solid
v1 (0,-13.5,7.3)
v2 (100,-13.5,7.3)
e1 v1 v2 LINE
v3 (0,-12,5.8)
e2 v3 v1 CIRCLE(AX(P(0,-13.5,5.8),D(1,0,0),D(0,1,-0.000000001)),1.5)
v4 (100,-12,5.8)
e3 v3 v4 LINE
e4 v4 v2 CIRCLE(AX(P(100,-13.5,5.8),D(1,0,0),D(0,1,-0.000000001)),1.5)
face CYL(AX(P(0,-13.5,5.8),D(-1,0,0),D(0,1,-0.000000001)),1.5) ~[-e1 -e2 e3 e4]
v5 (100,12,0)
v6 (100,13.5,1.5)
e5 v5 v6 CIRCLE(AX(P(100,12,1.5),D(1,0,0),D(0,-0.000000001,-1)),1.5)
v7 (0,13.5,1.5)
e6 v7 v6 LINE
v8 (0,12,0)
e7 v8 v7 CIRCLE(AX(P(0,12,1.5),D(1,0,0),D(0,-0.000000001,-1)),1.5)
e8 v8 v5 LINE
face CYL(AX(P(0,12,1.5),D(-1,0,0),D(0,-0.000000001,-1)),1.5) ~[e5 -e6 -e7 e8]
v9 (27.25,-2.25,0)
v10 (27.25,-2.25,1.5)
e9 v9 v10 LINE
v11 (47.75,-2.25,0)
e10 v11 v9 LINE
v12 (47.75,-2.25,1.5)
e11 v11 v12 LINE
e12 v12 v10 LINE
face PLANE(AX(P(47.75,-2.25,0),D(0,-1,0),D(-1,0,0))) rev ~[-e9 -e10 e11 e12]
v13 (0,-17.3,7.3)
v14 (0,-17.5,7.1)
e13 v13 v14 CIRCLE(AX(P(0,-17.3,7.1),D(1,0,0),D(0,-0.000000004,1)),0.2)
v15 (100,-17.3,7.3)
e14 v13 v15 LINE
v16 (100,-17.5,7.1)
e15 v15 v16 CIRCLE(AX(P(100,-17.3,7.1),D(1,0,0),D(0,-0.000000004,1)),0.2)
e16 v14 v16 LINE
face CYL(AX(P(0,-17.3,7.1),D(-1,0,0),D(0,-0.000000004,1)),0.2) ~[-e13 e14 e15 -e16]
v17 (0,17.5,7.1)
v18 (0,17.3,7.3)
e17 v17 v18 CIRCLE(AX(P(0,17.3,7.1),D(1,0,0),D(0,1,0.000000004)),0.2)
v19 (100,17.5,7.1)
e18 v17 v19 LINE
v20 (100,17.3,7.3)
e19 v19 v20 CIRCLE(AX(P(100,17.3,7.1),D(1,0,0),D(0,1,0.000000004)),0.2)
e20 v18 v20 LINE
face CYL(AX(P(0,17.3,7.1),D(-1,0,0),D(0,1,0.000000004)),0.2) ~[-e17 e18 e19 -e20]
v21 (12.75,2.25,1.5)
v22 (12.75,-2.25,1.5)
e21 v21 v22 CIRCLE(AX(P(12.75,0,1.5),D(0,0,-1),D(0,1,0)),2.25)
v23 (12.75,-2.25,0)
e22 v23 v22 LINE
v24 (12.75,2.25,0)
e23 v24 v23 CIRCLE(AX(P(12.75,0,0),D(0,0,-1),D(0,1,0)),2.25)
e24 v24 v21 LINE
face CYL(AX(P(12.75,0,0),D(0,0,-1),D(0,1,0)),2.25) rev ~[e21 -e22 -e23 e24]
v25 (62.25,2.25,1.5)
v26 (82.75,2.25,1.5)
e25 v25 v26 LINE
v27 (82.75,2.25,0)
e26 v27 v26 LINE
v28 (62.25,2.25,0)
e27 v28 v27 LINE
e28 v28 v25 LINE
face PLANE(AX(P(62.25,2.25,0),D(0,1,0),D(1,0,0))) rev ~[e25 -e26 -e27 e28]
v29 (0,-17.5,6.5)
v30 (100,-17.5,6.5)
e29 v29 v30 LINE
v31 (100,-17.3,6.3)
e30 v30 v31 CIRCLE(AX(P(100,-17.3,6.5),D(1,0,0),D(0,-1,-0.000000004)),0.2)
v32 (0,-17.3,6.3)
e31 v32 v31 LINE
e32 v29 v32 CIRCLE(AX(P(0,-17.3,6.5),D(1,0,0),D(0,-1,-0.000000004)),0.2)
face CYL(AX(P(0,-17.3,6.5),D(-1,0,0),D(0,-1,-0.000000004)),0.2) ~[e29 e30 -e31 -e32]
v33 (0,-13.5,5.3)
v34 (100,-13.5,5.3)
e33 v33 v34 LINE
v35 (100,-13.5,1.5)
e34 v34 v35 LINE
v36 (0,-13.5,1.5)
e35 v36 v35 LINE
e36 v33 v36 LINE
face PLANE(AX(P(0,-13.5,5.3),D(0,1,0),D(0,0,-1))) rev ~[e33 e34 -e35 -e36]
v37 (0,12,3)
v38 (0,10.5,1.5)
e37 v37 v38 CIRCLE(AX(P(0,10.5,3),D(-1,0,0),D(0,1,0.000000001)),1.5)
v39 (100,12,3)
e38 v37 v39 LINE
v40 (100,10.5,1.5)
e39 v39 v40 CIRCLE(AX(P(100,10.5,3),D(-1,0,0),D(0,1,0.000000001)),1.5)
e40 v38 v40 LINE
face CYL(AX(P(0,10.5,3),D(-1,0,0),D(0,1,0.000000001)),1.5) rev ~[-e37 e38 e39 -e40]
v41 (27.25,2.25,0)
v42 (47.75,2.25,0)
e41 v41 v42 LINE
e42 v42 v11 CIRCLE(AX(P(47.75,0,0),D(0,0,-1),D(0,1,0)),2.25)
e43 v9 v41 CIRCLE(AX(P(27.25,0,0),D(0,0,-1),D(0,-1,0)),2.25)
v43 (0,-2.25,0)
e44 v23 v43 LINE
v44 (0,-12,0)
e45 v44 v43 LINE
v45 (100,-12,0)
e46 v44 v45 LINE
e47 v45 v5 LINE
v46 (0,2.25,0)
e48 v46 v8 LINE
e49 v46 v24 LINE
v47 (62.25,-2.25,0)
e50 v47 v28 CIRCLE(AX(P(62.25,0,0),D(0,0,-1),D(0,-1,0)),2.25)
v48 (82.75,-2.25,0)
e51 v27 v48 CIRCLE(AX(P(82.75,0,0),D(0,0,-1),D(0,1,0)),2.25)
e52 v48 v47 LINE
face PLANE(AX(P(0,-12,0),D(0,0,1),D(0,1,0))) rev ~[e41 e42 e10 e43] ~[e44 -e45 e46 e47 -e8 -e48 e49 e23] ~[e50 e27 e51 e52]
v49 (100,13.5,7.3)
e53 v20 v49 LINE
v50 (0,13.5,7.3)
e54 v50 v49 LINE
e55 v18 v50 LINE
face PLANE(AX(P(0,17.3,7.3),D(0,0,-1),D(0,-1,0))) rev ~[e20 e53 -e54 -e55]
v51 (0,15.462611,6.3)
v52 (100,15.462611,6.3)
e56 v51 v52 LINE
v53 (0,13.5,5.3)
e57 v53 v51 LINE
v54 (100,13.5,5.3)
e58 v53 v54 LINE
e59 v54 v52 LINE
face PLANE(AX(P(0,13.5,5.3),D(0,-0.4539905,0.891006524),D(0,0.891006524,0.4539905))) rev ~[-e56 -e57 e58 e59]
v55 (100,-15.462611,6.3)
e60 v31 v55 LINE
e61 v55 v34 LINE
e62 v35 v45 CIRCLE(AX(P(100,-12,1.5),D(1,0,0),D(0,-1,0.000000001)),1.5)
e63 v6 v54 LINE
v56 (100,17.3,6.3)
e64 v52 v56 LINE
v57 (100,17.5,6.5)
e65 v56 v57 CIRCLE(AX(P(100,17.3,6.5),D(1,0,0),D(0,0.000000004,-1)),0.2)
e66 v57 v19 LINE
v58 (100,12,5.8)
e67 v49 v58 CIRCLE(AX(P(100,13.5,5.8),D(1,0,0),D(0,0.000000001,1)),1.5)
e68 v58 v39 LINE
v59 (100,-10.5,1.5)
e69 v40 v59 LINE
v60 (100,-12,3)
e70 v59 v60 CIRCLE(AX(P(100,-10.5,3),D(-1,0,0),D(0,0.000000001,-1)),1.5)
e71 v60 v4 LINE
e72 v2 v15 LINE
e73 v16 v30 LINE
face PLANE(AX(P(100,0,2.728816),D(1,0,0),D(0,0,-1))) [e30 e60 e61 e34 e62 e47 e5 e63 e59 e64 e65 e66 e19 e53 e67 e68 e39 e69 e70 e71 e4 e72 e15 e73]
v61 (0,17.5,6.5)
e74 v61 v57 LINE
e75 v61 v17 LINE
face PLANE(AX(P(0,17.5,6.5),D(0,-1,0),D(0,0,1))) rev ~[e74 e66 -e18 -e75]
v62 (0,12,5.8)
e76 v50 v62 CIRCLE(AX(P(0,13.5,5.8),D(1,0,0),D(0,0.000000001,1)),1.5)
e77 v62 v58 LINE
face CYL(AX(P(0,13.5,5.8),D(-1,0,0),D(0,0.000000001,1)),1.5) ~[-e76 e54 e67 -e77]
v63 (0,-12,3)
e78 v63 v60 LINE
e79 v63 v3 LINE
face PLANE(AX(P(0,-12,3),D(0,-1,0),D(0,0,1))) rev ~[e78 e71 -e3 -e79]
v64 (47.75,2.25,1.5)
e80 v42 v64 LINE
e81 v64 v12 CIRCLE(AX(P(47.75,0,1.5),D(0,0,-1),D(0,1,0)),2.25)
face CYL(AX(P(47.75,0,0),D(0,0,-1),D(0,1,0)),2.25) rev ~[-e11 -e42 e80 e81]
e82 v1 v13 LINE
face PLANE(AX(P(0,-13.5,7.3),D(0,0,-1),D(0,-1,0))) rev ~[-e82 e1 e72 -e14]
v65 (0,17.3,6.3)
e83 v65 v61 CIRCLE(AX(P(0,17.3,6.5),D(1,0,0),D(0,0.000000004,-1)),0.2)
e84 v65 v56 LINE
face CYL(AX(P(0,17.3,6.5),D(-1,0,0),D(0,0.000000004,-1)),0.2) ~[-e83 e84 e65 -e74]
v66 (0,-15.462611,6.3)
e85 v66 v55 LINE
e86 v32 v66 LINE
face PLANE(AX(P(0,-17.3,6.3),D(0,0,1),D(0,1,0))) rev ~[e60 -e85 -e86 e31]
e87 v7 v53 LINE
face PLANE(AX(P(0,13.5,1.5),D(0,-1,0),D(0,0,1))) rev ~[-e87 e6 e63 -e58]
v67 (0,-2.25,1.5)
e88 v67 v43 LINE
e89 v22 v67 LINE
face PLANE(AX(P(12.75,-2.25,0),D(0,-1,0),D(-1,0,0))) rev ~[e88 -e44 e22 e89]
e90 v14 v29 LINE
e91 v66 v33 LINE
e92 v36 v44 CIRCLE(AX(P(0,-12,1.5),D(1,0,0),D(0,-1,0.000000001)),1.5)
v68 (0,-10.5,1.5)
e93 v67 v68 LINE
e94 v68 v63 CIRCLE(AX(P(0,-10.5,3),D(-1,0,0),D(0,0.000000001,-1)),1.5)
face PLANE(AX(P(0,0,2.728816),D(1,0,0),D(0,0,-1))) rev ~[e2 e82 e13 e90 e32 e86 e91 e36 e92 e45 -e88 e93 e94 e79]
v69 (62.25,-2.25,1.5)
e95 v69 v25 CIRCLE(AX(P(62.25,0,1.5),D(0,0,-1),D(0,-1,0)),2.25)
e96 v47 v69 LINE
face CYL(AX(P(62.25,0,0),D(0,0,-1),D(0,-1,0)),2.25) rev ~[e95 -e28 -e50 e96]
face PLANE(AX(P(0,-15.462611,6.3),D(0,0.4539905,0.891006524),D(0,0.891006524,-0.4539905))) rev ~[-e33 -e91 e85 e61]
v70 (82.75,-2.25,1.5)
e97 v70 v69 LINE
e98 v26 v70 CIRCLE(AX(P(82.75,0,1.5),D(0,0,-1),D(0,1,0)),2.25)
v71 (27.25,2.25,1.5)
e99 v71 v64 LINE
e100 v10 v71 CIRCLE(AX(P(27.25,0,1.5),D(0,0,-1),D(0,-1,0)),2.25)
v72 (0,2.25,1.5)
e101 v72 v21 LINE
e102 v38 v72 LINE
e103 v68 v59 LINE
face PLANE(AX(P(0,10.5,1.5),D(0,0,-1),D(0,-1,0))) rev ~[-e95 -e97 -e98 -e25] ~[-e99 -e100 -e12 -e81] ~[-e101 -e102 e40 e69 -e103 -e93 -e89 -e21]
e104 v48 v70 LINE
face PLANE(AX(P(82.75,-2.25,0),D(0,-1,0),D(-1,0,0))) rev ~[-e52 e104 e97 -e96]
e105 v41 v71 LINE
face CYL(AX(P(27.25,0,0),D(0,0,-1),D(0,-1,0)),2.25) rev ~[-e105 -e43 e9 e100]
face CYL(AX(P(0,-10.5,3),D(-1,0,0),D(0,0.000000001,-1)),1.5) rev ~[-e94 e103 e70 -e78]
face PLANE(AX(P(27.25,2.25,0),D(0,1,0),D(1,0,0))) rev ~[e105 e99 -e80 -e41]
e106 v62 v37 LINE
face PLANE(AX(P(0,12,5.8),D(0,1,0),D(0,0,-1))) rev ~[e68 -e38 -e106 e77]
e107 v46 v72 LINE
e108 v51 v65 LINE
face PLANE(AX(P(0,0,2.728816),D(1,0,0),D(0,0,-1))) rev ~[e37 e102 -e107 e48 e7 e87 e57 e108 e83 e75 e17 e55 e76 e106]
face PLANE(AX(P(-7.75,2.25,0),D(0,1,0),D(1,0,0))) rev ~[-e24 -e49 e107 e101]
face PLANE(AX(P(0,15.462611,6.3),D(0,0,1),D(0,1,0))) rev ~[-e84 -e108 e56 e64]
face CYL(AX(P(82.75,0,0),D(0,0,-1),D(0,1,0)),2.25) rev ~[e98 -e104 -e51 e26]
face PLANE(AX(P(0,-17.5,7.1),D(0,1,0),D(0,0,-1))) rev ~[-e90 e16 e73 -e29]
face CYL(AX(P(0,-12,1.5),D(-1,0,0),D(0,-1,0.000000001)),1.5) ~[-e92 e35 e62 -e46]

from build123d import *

# Parameters (mm, degrees)
BOSS_EXTRUDE1_DEPTH = 100
CUT_EXTRUDE1_DEPTH  = 102.78182549
LPATTERN1_COUNT     = 3
LPATTERN1_PITCH     = 35


with BuildPart() as part:
    # Sketch1 → Boss-Extrude1 (new body)
    with BuildSketch(Plane(origin=(0, 0, 0), x_dir=(0, 0, -1), z_dir=(1, 0, 0))):
        with BuildLine():
            Line((-6.5, 17.5), (-7.1, 17.5))
            ThreePointArc((-7.1, 17.5), (-7.241421356, 17.441421356), (-7.3, 17.3))
            Line((-7.3, 17.3), (-7.3, 13.5))
            ThreePointArc((-7.3, 13.5), (-6.860660172, 12.439339828), (-5.8, 12))
            Line((-5.8, 12), (-3, 12))
            ThreePointArc((-3, 12), (-1.939339828, 11.560660172), (-1.5, 10.5))
            Line((-1.5, 10.5), (-1.5, -10.5))
            ThreePointArc((-1.5, -10.5), (-1.939339828, -11.560660172), (-3, -12))
            Line((-3, -12), (-5.8, -12))
            ThreePointArc((-5.8, -12), (-6.860660172, -12.439339828), (-7.3, -13.5))
            Line((-7.3, -13.5), (-7.3, -17.3))
            ThreePointArc((-7.3, -17.3), (-7.241421356, -17.441421356), (-7.1, -17.5))
            Line((-7.1, -17.5), (-6.5, -17.5))
            ThreePointArc((-6.5, -17.5), (-6.358578644, -17.441421356), (-6.3, -17.3))
            Line((-6.3, -17.3), (-6.3, -15.462610506))
            Line((-6.3, -15.462610506), (-5.3, -13.5))
            Line((-5.3, -13.5), (-1.5, -13.5))
            ThreePointArc((-1.5, -13.5), (-0.439339828, -13.060660172), (0, -12))
            Line((0, -12), (0, 12))
            ThreePointArc((0, 12), (-0.439339828, 13.060660172), (-1.5, 13.5))
            Line((-1.5, 13.5), (-5.3, 13.5))
            Line((-5.3, 13.5), (-6.3, 15.462610506))
            Line((-6.3, 15.462610506), (-6.3, 17.3))
            ThreePointArc((-6.3, 17.3), (-6.358578644, 17.441421356), (-6.5, 17.5))
        make_face()
    extrude(amount=BOSS_EXTRUDE1_DEPTH)

    # Sketch2 → Cut-Extrude1 (cut, through all)
    with BuildSketch(Plane.XY):
        with BuildLine():
            Line((62.25, 2.25), (82.75, 2.25))
            ThreePointArc((82.75, 2.25), (85, 0), (82.75, -2.25))
            Line((82.75, -2.25), (62.25, -2.25))
            ThreePointArc((62.25, -2.25), (60, 0), (62.25, 2.25))
        make_face()
    cut_extrude1 = extrude(amount=CUT_EXTRUDE1_DEPTH, mode=Mode.SUBTRACT)

    # LPattern1: Cut-Extrude1 ×3
    with Locations(*[(-i * LPATTERN1_PITCH, 0, 0) for i in range(1, LPATTERN1_COUNT)]):
        add(cut_extrude1, mode=Mode.SUBTRACT)


solid = part.part
